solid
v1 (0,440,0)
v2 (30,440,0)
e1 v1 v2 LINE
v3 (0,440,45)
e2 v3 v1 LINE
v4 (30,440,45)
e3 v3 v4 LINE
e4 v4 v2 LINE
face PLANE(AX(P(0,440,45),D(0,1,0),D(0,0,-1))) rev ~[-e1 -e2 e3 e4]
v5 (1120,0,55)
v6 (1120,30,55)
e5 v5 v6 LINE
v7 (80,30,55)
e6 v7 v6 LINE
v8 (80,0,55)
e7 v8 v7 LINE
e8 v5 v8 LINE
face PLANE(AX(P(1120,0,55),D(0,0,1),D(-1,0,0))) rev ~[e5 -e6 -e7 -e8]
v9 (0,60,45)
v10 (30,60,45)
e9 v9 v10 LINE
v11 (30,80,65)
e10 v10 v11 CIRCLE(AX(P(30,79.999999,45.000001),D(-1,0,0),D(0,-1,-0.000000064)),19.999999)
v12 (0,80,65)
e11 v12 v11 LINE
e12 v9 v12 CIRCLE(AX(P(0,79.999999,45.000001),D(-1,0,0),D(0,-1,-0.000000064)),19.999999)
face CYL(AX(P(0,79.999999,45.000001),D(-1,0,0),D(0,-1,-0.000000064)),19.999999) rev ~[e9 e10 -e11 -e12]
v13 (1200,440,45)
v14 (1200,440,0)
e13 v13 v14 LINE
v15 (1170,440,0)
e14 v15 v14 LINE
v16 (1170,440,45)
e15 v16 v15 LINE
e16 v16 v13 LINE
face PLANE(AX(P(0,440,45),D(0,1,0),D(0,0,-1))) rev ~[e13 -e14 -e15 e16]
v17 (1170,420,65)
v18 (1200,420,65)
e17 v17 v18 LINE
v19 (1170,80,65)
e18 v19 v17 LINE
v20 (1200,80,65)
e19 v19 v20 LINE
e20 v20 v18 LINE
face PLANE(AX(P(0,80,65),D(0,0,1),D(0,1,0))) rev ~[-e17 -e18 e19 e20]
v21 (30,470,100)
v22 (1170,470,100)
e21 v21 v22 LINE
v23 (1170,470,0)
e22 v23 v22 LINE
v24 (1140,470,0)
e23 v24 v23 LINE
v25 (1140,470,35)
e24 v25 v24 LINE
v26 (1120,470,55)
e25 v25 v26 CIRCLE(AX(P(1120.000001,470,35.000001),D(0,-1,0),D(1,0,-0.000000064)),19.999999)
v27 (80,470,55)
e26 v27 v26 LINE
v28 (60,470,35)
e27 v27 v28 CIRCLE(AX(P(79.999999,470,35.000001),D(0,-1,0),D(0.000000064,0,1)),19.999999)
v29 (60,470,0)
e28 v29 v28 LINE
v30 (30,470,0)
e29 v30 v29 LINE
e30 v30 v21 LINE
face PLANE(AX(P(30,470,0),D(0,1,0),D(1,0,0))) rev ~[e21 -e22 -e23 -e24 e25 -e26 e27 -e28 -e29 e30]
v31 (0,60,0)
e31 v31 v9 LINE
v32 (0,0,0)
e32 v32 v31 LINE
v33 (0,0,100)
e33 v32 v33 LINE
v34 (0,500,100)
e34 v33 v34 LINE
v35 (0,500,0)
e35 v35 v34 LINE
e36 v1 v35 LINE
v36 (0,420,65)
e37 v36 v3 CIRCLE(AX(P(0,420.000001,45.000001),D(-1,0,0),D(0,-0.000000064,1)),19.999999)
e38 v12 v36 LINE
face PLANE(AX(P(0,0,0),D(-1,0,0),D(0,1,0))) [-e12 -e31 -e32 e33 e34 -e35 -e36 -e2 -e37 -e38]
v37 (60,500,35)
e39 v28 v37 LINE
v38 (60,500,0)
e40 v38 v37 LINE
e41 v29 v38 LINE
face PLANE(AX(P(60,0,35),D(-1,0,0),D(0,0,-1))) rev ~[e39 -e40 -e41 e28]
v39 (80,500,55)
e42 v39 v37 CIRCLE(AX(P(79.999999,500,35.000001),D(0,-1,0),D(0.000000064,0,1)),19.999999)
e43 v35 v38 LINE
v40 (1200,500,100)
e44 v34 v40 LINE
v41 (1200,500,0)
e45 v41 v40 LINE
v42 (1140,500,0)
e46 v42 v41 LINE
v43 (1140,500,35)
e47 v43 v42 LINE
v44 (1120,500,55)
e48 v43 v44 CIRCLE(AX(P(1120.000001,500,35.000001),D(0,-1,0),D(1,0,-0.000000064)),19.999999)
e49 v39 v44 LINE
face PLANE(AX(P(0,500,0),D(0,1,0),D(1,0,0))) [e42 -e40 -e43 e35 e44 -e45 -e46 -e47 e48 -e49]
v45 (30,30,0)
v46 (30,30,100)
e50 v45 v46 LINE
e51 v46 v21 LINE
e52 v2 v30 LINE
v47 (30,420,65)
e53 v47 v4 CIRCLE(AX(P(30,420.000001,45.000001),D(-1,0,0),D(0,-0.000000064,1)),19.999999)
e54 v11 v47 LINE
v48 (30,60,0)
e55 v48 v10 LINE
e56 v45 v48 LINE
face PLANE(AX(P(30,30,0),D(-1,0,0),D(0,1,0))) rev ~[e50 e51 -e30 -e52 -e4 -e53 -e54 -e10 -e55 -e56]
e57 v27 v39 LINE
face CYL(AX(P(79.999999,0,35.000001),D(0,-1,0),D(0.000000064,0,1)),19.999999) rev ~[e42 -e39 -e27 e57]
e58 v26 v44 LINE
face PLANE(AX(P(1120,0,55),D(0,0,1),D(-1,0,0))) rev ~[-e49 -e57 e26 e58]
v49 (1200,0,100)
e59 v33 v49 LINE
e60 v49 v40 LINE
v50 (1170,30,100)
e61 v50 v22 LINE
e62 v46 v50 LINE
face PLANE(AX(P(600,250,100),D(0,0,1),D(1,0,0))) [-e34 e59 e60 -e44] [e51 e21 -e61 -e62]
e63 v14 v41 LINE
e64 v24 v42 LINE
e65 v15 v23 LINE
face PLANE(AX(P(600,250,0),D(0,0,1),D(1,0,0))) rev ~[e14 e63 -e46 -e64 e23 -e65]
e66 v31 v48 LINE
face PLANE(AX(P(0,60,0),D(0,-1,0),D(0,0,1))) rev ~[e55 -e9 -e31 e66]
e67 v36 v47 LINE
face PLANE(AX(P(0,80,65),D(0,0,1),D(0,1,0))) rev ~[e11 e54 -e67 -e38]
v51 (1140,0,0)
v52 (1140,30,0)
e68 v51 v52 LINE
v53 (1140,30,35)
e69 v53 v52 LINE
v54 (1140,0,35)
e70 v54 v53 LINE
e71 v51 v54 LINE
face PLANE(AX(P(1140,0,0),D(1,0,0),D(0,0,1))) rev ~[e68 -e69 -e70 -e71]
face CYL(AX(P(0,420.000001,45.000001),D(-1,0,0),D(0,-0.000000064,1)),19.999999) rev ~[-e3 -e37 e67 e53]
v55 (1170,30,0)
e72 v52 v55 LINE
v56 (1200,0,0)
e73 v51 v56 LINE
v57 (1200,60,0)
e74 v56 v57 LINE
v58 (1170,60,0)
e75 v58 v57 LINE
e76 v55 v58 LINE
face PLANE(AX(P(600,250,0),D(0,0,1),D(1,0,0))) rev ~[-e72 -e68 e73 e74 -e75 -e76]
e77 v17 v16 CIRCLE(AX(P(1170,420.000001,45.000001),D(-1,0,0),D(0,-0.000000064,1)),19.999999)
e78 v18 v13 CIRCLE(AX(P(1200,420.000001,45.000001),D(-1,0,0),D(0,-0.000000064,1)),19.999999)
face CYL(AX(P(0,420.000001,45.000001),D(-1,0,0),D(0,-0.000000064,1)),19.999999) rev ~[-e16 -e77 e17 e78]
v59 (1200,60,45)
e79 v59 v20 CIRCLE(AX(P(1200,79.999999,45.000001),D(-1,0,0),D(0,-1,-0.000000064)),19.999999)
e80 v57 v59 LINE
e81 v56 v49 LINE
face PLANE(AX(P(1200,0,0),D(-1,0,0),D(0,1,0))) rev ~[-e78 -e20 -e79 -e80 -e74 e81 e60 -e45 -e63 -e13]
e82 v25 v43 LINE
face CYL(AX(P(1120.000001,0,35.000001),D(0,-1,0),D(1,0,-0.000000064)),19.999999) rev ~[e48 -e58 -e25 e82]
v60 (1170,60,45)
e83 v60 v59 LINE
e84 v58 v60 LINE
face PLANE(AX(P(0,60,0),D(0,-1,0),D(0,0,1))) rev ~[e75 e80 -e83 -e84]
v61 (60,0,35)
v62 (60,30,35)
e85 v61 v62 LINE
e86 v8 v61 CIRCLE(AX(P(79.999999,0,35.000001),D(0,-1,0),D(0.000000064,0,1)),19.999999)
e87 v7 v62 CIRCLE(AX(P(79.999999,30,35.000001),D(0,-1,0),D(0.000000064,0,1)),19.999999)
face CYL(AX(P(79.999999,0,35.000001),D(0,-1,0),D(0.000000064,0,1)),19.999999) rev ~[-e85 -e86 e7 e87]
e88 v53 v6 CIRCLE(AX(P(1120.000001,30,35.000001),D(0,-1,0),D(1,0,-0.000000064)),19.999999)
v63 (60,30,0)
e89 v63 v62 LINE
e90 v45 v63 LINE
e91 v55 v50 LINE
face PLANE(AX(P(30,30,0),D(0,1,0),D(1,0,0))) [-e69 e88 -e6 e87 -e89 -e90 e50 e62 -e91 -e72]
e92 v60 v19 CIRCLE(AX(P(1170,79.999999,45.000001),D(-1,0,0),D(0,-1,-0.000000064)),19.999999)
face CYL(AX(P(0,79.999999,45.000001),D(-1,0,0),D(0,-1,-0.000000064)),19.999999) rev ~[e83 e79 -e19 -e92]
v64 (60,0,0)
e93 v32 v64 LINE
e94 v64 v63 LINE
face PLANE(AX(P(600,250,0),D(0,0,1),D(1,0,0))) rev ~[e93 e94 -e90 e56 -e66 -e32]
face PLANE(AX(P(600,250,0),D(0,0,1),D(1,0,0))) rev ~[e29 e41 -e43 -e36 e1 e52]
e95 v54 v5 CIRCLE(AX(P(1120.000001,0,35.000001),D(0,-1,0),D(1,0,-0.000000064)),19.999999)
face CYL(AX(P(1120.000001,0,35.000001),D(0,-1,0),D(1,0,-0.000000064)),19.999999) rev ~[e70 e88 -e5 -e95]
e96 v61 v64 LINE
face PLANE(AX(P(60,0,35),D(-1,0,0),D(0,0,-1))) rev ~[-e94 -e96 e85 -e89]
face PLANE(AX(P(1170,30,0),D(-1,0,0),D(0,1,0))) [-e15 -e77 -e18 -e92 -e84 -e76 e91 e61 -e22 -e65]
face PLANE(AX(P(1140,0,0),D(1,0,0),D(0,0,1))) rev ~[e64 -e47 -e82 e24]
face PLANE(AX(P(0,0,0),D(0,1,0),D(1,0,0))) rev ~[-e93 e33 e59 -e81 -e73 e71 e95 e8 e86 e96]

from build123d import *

# Parameters (mm, degrees)
F0_W     = 1200
F0_H     = 500
F0_W_2   = 1140
F0_H_2   = 440
F1_DEPTH = 100
F3_DEPTH = 500.001
F5_DEPTH = 1200.001


with BuildPart() as f1:
    # F0 (on Top) → F1 (new body)
    with BuildSketch(Plane.XY):
        with Locations((600, 250)):
            Rectangle(F0_W, F0_H)
        with Locations((600, 250)):
            Rectangle(F0_W_2, F0_H_2, mode=Mode.SUBTRACT)
    extrude(amount=F1_DEPTH)

    # F2 (on face) → F3 (cut, through all)
    with BuildSketch(Plane.XZ):
        with BuildLine():
            Line((60, 35), (60, 0))
            Line((60, 0), (1140, 0))
            Line((1140, 0), (1140, 35))
            ThreePointArc((1140, 35), (1134.142136, 49.142136), (1120, 55))
            Line((1120, 55), (80, 55))
            ThreePointArc((80, 55), (65.857864, 49.142136), (60, 35))
        make_face()
    extrude(amount=-F3_DEPTH, mode=Mode.SUBTRACT)

    # F4 (on face) → F5 (cut, through all)
    with BuildSketch(Plane(origin=(0, 0, 0), x_dir=(0, -1, 0), z_dir=(-1, 0, 0))):
        with BuildLine():
            Line((-440, 45), (-440, 0))
            Line((-440, 0), (-60, 0))
            Line((-60, 0), (-60, 45))
            ThreePointArc((-60, 45), (-65.857864, 59.142136), (-80, 65))
            Line((-80, 65), (-420, 65))
            ThreePointArc((-420, 65), (-434.142136, 59.142136), (-440, 45))
        make_face()
    extrude(amount=-F5_DEPTH, mode=Mode.SUBTRACT)


solid = f1.part
